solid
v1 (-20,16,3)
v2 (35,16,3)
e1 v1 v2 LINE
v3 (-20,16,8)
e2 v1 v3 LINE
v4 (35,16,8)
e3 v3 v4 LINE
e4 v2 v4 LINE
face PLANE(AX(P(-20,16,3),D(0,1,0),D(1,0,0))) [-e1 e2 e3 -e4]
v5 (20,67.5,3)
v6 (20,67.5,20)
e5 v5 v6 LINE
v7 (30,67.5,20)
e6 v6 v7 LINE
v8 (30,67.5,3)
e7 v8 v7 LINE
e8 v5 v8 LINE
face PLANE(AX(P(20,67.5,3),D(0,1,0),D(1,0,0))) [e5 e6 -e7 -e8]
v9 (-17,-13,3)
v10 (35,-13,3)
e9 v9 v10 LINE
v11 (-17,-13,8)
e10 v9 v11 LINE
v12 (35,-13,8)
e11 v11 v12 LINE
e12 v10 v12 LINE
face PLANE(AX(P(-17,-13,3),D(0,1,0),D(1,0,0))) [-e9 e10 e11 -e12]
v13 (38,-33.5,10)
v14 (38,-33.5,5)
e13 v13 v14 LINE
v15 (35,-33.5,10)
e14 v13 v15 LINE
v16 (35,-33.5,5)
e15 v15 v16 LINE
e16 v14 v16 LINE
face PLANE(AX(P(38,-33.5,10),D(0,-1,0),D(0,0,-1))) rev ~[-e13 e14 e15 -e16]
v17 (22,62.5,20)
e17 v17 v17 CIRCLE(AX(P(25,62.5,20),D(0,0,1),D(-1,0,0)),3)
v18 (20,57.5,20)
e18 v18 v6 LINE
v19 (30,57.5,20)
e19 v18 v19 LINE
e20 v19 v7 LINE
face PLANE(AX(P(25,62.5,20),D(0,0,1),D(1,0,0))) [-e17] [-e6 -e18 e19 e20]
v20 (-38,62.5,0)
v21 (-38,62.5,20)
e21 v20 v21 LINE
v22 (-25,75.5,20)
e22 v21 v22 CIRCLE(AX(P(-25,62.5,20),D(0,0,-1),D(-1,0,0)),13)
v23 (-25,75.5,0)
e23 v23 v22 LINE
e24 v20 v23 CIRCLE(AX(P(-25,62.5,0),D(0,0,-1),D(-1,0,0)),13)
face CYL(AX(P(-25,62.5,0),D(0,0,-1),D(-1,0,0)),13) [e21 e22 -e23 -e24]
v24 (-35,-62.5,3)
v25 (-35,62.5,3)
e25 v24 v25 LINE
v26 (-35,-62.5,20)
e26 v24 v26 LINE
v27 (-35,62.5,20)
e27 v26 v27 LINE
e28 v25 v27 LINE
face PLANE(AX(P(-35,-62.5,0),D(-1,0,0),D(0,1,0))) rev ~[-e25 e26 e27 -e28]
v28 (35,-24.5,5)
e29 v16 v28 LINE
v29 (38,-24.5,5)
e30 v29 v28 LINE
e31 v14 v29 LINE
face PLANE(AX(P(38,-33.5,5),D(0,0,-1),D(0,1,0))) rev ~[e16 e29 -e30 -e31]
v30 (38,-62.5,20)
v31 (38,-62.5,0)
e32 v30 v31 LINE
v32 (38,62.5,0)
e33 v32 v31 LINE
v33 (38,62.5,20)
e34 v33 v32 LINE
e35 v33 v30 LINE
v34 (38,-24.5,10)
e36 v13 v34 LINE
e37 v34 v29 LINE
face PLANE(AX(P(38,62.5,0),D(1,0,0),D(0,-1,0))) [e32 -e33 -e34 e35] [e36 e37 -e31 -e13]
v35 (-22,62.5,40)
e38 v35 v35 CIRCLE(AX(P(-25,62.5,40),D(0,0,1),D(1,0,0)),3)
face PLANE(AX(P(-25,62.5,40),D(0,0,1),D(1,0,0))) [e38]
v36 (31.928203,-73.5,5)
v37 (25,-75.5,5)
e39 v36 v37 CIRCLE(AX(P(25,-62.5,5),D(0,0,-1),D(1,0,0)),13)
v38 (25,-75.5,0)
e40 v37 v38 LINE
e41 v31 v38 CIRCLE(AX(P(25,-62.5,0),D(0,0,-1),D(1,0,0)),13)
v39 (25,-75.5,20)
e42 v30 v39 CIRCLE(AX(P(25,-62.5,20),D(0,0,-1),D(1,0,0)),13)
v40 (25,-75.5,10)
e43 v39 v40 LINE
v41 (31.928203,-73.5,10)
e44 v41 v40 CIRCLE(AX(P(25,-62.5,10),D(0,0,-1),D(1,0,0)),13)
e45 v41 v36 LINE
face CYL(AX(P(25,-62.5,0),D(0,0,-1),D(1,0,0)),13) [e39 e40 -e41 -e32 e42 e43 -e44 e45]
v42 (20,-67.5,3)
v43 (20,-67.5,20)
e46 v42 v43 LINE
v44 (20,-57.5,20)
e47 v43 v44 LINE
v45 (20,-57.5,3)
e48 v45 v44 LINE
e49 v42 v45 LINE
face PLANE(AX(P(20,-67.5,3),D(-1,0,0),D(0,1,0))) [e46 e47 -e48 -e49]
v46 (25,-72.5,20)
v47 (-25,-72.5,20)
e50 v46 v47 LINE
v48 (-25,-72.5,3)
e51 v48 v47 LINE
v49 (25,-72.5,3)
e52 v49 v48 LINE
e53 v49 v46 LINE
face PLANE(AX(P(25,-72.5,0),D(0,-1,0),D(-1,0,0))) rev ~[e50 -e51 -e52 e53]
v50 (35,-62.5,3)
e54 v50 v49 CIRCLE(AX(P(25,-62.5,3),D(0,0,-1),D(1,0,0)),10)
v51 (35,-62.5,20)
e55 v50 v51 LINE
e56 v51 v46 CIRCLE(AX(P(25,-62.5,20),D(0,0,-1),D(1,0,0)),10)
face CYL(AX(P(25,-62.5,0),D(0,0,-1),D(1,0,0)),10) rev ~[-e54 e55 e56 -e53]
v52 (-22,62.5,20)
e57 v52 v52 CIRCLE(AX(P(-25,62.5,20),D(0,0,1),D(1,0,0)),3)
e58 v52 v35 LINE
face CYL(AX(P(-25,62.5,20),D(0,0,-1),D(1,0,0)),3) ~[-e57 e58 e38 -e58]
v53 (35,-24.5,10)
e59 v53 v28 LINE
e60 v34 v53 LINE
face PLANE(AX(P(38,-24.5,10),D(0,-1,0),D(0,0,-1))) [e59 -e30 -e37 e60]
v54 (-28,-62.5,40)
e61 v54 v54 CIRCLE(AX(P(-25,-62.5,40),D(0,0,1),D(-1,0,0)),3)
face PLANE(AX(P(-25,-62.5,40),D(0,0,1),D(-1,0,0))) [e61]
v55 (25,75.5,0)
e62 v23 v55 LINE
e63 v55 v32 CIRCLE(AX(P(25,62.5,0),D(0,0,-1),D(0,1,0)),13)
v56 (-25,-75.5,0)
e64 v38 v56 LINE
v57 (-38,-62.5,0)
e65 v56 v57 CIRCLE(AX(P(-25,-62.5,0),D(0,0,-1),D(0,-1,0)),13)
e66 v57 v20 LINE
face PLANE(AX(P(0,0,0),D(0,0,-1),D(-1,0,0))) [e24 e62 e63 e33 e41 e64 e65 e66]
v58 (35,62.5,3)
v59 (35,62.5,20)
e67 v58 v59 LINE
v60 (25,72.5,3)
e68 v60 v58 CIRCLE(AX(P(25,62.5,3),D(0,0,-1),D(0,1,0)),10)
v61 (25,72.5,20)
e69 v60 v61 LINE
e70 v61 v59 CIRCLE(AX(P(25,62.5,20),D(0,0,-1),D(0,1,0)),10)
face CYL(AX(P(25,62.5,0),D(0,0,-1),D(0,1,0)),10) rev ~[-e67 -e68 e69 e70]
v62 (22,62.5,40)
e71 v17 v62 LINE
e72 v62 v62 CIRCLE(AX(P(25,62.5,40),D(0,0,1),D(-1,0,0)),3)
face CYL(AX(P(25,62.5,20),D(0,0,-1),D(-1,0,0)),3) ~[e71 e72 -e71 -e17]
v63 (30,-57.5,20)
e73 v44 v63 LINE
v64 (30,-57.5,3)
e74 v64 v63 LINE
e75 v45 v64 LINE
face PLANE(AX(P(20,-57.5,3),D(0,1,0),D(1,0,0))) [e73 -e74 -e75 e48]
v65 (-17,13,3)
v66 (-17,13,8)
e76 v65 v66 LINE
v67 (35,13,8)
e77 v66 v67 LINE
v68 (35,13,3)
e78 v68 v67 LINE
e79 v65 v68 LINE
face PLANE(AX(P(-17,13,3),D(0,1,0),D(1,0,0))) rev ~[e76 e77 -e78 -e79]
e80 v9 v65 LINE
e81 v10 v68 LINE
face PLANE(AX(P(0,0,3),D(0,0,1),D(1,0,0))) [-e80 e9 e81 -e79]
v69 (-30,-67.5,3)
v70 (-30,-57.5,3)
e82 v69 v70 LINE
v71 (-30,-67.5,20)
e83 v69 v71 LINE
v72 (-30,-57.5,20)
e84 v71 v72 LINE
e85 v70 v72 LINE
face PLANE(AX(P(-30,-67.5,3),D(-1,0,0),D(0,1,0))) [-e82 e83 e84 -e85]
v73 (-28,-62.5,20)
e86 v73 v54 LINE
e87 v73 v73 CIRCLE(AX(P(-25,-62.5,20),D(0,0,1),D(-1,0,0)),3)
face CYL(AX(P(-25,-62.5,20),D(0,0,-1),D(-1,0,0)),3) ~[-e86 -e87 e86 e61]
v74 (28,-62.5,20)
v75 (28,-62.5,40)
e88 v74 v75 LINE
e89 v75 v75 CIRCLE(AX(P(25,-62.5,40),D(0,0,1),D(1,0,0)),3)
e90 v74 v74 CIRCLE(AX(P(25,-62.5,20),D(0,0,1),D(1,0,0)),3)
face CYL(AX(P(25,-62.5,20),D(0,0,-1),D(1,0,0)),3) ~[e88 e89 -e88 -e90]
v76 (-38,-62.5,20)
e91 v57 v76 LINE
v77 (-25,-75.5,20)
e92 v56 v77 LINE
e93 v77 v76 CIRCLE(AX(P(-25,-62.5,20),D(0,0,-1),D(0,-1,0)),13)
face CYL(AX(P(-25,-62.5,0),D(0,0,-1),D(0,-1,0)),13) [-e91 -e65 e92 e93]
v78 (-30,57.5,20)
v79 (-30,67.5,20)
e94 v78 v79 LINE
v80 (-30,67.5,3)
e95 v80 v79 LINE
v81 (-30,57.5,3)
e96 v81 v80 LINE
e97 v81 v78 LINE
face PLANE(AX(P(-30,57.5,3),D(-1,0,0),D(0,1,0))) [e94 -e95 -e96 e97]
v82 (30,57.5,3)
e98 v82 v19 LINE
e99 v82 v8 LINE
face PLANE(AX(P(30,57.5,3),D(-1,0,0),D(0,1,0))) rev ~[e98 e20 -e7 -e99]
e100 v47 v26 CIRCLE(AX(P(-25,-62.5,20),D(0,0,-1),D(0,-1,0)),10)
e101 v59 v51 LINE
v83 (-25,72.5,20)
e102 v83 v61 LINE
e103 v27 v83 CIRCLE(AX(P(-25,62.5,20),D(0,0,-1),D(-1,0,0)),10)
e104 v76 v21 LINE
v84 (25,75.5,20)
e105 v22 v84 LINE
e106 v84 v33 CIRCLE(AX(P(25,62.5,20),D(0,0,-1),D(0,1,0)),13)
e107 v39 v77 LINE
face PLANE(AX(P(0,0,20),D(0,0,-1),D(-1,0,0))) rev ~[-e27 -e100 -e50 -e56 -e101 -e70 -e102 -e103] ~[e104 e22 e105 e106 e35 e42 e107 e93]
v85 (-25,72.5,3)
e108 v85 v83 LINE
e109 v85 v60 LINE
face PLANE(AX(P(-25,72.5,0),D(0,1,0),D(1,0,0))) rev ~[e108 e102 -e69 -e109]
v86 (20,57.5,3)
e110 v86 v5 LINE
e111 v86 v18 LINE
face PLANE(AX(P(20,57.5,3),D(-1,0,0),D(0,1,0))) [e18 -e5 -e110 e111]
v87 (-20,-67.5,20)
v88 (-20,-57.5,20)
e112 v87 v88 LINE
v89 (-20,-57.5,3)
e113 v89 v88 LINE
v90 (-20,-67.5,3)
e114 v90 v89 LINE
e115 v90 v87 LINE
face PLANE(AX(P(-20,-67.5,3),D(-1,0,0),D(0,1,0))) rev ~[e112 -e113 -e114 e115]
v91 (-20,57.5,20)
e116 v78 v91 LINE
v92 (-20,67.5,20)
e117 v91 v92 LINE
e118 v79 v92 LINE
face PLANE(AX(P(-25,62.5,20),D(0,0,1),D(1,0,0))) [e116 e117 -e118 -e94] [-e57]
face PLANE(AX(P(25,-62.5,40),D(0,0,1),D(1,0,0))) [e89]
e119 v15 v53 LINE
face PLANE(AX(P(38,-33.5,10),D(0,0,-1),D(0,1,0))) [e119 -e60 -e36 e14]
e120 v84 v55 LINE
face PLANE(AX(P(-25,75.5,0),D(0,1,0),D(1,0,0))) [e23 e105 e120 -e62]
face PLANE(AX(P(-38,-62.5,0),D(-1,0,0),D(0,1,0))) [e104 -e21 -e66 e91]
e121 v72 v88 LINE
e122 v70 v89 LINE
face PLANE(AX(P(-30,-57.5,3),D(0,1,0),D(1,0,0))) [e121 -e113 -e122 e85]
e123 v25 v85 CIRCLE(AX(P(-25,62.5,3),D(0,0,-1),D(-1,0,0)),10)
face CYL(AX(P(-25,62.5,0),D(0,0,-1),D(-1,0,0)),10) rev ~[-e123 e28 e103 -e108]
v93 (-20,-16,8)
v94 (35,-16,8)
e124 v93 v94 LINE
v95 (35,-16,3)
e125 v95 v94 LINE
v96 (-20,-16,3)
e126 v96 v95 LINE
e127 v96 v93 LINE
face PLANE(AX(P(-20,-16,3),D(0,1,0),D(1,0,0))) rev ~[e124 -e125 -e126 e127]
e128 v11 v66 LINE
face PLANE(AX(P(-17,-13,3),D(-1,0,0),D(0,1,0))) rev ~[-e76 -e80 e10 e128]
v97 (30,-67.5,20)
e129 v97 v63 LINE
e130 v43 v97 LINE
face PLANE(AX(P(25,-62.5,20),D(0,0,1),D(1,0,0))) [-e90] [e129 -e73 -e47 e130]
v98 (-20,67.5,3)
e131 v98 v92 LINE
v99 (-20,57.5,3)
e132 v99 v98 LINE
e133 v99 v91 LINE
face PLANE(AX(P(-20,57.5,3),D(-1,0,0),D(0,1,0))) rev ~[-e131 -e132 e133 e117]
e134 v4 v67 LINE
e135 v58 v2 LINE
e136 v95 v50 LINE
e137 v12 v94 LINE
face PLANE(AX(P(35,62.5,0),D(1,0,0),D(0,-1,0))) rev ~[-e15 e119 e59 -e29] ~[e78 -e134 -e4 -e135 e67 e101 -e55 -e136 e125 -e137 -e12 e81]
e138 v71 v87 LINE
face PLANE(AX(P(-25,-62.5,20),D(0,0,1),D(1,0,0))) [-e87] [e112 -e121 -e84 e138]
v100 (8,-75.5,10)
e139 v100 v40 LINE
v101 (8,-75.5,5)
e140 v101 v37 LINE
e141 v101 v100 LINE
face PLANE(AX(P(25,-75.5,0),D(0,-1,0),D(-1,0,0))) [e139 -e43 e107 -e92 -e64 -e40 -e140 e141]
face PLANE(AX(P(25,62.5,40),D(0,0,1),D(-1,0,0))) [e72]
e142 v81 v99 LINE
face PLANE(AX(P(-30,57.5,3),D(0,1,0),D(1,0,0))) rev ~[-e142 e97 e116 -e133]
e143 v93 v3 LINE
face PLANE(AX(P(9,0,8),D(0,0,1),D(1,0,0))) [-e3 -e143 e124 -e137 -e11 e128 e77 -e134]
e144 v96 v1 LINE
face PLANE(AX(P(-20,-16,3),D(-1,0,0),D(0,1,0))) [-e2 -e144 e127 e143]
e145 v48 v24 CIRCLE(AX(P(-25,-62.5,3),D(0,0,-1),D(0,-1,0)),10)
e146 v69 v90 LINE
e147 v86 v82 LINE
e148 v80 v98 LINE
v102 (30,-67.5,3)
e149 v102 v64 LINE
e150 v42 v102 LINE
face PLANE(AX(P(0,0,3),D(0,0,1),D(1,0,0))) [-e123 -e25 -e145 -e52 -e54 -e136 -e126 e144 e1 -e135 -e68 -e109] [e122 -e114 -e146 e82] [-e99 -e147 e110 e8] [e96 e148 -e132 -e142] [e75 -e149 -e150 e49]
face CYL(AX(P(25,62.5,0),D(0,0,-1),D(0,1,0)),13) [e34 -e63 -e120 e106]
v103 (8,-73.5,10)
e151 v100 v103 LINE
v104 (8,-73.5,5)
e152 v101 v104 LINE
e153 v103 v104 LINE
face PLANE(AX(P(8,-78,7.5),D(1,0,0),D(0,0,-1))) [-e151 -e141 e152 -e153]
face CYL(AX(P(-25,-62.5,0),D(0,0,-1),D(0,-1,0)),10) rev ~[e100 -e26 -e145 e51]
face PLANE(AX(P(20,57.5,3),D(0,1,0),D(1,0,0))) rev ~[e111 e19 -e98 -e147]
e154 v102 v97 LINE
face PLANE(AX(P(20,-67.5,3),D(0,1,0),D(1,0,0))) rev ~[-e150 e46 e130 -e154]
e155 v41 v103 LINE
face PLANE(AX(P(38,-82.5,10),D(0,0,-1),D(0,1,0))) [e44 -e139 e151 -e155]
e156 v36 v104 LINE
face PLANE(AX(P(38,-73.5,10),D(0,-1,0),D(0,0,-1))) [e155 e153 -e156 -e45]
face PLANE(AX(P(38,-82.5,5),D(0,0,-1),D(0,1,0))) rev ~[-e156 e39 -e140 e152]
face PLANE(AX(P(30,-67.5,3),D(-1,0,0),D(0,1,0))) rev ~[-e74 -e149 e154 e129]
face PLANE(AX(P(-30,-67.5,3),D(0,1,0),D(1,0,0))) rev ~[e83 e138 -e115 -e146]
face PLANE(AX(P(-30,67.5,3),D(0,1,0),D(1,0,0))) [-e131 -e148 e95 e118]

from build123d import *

# Parameters (mm, degrees)
BOSS_EXTRUDE1_DEPTH = 20
BOSS_EXTRUDE2_DEPTH = 3
SKETCH4_W           = 10
SKETCH4_H           = 10
BOSS_EXTRUDE3_DEPTH = 17
SKETCH5_R           = 3
BOSS_EXTRUDE4_DEPTH = 20
SKETCH6_W           = 5
SKETCH6_H           = 9
CUT_EXTRUDE1_DEPTH  = 30
SKETCH7_W           = 58
SKETCH7_H           = 32
SKETCH7_W_2         = 52
SKETCH7_H_2         = 26
BOSS_EXTRUDE5_DEPTH = 5


with BuildPart() as part:
    # Sketch1 → Boss-Extrude1 (new body)
    with BuildSketch(Plane.XY):
        with BuildLine():
            Line((-25, 75.5), (25, 75.5))
            ThreePointArc((25, 75.5), (34.192388155, 71.692388155), (38, 62.5))
            Line((38, 62.5), (38, -62.5))
            ThreePointArc((38, -62.5), (34.192388155, -71.692388155), (25, -75.5))
            Line((25, -75.5), (-25, -75.5))
            ThreePointArc((-25, -75.5), (-34.192388155, -71.692388155), (-38, -62.5))
            Line((-38, -62.5), (-38, 62.5))
            ThreePointArc((-38, 62.5), (-34.192388155, 71.692388155), (-25, 75.5))
        make_face()
        with BuildLine():
            Line((-25, 72.5), (25, 72.5))
            ThreePointArc((25, 72.5), (32.071067812, 69.571067812), (35, 62.5))
            Line((35, 62.5), (35, -62.5))
            ThreePointArc((35, -62.5), (32.071067812, -69.571067812), (25, -72.5))
            Line((25, -72.5), (-25, -72.5))
            ThreePointArc((-25, -72.5), (-32.071067812, -69.571067812), (-35, -62.5))
            Line((-35, -62.5), (-35, 62.5))
            ThreePointArc((-35, 62.5), (-32.071067812, 69.571067812), (-25, 72.5))
        make_face(mode=Mode.SUBTRACT)
    extrude(amount=BOSS_EXTRUDE1_DEPTH)

    # Sketch3 → Boss-Extrude2 (add)
    with BuildSketch(Plane(origin=(0, 0, 0), x_dir=(-1, 0, 0), z_dir=(0, 0, -1))):
        with BuildLine():
            Line((25, -75.5), (-25, -75.5))
            ThreePointArc((-25, -75.5), (-34.192388155, -71.692388155), (-38, -62.5))
            Line((-38, -62.5), (-38, 62.5))
            ThreePointArc((-38, 62.5), (-34.192388155, 71.692388155), (-25, 75.5))
            Line((-25, 75.5), (25, 75.5))
            ThreePointArc((25, 75.5), (34.192388155, 71.692388155), (38, 62.5))
            Line((38, 62.5), (38, -62.5))
            ThreePointArc((38, -62.5), (34.192388155, -71.692388155), (25, -75.5))
        make_face()
    extrude(amount=-BOSS_EXTRUDE2_DEPTH)

    # Sketch4 → Boss-Extrude3 (add)
    with BuildSketch(Plane.XY.offset(3)):
        with Locations((-25, 62.5)):
            Rectangle(SKETCH4_W, SKETCH4_H)
        with Locations((25, 62.5)):
            Rectangle(SKETCH4_W, SKETCH4_H)
        with Locations((25, -62.5)):
            Rectangle(SKETCH4_W, SKETCH4_H)
        with Locations((-25, -62.5)):
            Rectangle(SKETCH4_W, SKETCH4_H)
    extrude(amount=BOSS_EXTRUDE3_DEPTH)

    # Sketch5 → Boss-Extrude4 (add)
    with BuildSketch(Plane.XY.offset(20)):
        with Locations((-25, 62.5)):
            Circle(SKETCH5_R)
        with Locations(Location((25, 62.5, 0), (0, 0, 180))):
            Circle(SKETCH5_R)
        with Locations((25, -62.5)):
            Circle(SKETCH5_R)
        with Locations(Location((-25, -62.5, 0), (0, 0, 180))):
            Circle(SKETCH5_R)
    extrude(amount=BOSS_EXTRUDE4_DEPTH)

    # Sketch6 → Cut-Extrude1 (cut)
    with BuildSketch(Plane(origin=(38, 0, 0), x_dir=(0, 0, -1), z_dir=(1, 0, 0))):
        with Locations((-7.5, -29)):
            Rectangle(SKETCH6_W, SKETCH6_H)
        with Locations((-7.5, -78)):
            Rectangle(SKETCH6_W, SKETCH6_H)
    extrude(amount=-CUT_EXTRUDE1_DEPTH, mode=Mode.SUBTRACT)

    # Sketch7 → Boss-Extrude5 (add)
    with BuildSketch(Plane.XY.offset(3)):
        with Locations((9, 0)):
            Rectangle(SKETCH7_W, SKETCH7_H)
        with Locations((9, 0)):
            Rectangle(SKETCH7_W_2, SKETCH7_H_2, mode=Mode.SUBTRACT)
    extrude(amount=BOSS_EXTRUDE5_DEPTH)


solid = part.part
